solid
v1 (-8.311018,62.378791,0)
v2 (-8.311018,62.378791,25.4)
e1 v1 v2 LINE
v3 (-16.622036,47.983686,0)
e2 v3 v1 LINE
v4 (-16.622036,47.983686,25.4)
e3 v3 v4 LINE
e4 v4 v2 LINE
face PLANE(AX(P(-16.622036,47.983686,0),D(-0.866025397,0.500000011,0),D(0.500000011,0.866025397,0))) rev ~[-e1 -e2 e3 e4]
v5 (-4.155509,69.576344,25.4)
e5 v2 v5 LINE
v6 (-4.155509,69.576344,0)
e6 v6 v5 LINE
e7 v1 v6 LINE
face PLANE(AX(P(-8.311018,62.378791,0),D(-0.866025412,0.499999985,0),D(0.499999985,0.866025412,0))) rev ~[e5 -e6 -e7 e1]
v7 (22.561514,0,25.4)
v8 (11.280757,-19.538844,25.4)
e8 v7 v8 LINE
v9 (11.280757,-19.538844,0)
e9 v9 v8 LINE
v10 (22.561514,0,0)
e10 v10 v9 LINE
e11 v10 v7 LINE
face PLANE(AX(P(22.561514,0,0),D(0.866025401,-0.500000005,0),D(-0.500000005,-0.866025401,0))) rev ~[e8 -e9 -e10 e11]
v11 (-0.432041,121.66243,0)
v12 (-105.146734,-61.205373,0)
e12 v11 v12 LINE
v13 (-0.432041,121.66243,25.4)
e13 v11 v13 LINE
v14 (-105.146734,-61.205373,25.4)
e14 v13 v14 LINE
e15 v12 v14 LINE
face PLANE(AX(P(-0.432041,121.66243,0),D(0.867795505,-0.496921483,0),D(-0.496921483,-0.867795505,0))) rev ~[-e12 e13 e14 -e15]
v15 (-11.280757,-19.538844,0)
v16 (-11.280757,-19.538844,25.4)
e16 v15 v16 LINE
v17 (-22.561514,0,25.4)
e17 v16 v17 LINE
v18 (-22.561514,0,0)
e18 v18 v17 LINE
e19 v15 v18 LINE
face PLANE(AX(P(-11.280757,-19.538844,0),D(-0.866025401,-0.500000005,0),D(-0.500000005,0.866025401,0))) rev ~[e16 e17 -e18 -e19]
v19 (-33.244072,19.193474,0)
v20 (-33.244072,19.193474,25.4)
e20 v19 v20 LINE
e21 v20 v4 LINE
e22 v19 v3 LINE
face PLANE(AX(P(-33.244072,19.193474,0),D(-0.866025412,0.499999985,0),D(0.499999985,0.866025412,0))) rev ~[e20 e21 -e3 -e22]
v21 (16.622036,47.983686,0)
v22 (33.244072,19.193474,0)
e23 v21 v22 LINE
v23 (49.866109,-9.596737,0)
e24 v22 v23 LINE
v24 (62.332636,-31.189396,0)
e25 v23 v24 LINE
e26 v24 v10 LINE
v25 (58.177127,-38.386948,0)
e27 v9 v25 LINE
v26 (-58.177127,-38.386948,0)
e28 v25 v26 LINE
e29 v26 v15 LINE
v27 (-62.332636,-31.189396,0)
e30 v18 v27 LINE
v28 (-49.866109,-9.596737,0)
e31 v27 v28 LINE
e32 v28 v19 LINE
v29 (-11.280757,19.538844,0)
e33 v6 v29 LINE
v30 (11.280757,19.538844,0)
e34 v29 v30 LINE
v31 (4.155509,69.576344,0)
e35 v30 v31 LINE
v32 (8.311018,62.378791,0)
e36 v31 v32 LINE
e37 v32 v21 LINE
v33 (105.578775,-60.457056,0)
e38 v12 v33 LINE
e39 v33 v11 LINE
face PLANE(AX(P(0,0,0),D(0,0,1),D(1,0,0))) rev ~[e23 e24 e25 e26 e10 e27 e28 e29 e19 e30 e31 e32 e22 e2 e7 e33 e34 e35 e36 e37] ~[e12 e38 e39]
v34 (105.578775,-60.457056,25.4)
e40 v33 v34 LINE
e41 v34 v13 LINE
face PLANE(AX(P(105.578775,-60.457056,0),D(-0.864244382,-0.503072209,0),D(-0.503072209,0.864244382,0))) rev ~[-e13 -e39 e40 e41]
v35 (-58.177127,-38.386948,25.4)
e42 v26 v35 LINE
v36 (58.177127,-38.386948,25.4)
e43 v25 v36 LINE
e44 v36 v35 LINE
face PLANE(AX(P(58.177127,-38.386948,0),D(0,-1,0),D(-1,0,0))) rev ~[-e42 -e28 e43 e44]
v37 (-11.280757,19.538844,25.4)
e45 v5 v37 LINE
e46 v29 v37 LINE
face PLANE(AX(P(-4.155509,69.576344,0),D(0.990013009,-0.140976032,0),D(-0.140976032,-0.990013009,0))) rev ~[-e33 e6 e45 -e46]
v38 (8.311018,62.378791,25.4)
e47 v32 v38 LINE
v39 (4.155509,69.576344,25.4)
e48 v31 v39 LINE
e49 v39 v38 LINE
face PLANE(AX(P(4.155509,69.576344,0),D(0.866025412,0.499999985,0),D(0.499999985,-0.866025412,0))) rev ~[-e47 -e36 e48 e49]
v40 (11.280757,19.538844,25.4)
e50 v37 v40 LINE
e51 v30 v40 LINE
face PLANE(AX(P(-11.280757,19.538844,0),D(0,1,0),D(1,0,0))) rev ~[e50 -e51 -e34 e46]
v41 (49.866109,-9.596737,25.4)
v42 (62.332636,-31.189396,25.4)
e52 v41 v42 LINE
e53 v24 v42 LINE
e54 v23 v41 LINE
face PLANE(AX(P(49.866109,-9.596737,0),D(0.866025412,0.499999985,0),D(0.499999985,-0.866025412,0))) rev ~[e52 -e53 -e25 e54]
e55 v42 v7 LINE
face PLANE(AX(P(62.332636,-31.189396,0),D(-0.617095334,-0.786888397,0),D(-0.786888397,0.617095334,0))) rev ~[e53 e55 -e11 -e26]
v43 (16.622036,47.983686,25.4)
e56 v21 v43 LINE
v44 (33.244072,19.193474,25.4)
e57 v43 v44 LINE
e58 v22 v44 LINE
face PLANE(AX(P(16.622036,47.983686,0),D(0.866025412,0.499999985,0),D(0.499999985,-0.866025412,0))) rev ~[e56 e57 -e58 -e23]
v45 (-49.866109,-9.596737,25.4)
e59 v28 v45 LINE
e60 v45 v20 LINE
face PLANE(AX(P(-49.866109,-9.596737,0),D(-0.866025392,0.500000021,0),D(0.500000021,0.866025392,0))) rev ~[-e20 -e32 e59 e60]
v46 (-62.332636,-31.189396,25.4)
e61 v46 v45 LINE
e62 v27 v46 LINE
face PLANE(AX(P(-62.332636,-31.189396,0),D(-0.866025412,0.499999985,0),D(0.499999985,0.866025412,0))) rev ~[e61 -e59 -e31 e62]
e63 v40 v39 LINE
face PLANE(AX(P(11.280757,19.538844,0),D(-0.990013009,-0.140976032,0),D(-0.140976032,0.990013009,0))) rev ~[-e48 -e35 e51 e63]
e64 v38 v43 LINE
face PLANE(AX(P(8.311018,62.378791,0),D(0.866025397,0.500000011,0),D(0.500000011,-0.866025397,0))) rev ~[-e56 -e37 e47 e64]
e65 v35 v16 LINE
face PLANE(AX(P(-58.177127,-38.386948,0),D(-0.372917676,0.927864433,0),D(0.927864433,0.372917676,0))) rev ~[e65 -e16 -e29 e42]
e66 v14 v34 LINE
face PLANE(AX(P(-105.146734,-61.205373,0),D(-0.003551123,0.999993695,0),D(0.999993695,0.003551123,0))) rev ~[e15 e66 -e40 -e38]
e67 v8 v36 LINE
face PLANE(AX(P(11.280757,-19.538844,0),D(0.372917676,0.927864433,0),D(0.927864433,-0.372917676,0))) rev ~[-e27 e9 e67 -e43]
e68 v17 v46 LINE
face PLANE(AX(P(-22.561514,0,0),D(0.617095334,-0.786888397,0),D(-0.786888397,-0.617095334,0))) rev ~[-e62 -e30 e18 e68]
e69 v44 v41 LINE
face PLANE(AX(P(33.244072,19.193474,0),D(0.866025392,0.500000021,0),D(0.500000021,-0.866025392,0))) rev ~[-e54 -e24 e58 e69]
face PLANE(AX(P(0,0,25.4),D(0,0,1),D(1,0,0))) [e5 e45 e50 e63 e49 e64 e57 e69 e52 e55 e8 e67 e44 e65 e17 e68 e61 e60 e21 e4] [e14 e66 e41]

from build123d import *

# Parameters (mm, degrees)
F1_DEPTH = 25.4


with BuildPart() as f1:
    # F0 (on Top) → F1 (new body)
    with BuildSketch(Plane.XY):
        Polygon((-105.146734, -61.205373), (105.578775, -60.457056), (-0.432041, 121.66243), align=None)
        Polygon((62.332636, -31.189396), (66.488145, -38.386948), (58.177127, -38.386948), (49.866109, -38.386948), (33.244072, -38.386948), (0, -38.386948), (-33.244072, -38.386948), (-49.866109, -38.386948), (-58.177127, -38.386948), (-66.488145, -38.386948), (-62.332636, -31.189396), (-58.177127, -23.991843), (-49.866109, -9.596737), (-33.244072, 19.193474), (-16.622036, 47.983686), (-8.311018, 62.378791), (-4.155509, 69.576344), (0, 76.773897), (4.155509, 69.576344), (8.311018, 62.378791), (16.622036, 47.983686), (33.244072, 19.193474), (49.866109, -9.596737), (58.177127, -23.991843), align=None, mode=Mode.SUBTRACT)
        Polygon((-58.177127, -38.386948), (-11.280757, -19.538844), (-22.561514, 0), (-62.332636, -31.189396), (-66.488145, -38.386948), align=None)
        Polygon((0, 19.538844), (11.280757, 19.538844), (4.155509, 69.576344), (0, 76.773897), (-4.155509, 69.576344), (-11.280757, 19.538844), align=None)
        Polygon((58.177127, -38.386948), (66.488145, -38.386948), (62.332636, -31.189396), (22.561514, 0), (11.280757, -19.538844), align=None)
    extrude(amount=F1_DEPTH)


solid = f1.part
